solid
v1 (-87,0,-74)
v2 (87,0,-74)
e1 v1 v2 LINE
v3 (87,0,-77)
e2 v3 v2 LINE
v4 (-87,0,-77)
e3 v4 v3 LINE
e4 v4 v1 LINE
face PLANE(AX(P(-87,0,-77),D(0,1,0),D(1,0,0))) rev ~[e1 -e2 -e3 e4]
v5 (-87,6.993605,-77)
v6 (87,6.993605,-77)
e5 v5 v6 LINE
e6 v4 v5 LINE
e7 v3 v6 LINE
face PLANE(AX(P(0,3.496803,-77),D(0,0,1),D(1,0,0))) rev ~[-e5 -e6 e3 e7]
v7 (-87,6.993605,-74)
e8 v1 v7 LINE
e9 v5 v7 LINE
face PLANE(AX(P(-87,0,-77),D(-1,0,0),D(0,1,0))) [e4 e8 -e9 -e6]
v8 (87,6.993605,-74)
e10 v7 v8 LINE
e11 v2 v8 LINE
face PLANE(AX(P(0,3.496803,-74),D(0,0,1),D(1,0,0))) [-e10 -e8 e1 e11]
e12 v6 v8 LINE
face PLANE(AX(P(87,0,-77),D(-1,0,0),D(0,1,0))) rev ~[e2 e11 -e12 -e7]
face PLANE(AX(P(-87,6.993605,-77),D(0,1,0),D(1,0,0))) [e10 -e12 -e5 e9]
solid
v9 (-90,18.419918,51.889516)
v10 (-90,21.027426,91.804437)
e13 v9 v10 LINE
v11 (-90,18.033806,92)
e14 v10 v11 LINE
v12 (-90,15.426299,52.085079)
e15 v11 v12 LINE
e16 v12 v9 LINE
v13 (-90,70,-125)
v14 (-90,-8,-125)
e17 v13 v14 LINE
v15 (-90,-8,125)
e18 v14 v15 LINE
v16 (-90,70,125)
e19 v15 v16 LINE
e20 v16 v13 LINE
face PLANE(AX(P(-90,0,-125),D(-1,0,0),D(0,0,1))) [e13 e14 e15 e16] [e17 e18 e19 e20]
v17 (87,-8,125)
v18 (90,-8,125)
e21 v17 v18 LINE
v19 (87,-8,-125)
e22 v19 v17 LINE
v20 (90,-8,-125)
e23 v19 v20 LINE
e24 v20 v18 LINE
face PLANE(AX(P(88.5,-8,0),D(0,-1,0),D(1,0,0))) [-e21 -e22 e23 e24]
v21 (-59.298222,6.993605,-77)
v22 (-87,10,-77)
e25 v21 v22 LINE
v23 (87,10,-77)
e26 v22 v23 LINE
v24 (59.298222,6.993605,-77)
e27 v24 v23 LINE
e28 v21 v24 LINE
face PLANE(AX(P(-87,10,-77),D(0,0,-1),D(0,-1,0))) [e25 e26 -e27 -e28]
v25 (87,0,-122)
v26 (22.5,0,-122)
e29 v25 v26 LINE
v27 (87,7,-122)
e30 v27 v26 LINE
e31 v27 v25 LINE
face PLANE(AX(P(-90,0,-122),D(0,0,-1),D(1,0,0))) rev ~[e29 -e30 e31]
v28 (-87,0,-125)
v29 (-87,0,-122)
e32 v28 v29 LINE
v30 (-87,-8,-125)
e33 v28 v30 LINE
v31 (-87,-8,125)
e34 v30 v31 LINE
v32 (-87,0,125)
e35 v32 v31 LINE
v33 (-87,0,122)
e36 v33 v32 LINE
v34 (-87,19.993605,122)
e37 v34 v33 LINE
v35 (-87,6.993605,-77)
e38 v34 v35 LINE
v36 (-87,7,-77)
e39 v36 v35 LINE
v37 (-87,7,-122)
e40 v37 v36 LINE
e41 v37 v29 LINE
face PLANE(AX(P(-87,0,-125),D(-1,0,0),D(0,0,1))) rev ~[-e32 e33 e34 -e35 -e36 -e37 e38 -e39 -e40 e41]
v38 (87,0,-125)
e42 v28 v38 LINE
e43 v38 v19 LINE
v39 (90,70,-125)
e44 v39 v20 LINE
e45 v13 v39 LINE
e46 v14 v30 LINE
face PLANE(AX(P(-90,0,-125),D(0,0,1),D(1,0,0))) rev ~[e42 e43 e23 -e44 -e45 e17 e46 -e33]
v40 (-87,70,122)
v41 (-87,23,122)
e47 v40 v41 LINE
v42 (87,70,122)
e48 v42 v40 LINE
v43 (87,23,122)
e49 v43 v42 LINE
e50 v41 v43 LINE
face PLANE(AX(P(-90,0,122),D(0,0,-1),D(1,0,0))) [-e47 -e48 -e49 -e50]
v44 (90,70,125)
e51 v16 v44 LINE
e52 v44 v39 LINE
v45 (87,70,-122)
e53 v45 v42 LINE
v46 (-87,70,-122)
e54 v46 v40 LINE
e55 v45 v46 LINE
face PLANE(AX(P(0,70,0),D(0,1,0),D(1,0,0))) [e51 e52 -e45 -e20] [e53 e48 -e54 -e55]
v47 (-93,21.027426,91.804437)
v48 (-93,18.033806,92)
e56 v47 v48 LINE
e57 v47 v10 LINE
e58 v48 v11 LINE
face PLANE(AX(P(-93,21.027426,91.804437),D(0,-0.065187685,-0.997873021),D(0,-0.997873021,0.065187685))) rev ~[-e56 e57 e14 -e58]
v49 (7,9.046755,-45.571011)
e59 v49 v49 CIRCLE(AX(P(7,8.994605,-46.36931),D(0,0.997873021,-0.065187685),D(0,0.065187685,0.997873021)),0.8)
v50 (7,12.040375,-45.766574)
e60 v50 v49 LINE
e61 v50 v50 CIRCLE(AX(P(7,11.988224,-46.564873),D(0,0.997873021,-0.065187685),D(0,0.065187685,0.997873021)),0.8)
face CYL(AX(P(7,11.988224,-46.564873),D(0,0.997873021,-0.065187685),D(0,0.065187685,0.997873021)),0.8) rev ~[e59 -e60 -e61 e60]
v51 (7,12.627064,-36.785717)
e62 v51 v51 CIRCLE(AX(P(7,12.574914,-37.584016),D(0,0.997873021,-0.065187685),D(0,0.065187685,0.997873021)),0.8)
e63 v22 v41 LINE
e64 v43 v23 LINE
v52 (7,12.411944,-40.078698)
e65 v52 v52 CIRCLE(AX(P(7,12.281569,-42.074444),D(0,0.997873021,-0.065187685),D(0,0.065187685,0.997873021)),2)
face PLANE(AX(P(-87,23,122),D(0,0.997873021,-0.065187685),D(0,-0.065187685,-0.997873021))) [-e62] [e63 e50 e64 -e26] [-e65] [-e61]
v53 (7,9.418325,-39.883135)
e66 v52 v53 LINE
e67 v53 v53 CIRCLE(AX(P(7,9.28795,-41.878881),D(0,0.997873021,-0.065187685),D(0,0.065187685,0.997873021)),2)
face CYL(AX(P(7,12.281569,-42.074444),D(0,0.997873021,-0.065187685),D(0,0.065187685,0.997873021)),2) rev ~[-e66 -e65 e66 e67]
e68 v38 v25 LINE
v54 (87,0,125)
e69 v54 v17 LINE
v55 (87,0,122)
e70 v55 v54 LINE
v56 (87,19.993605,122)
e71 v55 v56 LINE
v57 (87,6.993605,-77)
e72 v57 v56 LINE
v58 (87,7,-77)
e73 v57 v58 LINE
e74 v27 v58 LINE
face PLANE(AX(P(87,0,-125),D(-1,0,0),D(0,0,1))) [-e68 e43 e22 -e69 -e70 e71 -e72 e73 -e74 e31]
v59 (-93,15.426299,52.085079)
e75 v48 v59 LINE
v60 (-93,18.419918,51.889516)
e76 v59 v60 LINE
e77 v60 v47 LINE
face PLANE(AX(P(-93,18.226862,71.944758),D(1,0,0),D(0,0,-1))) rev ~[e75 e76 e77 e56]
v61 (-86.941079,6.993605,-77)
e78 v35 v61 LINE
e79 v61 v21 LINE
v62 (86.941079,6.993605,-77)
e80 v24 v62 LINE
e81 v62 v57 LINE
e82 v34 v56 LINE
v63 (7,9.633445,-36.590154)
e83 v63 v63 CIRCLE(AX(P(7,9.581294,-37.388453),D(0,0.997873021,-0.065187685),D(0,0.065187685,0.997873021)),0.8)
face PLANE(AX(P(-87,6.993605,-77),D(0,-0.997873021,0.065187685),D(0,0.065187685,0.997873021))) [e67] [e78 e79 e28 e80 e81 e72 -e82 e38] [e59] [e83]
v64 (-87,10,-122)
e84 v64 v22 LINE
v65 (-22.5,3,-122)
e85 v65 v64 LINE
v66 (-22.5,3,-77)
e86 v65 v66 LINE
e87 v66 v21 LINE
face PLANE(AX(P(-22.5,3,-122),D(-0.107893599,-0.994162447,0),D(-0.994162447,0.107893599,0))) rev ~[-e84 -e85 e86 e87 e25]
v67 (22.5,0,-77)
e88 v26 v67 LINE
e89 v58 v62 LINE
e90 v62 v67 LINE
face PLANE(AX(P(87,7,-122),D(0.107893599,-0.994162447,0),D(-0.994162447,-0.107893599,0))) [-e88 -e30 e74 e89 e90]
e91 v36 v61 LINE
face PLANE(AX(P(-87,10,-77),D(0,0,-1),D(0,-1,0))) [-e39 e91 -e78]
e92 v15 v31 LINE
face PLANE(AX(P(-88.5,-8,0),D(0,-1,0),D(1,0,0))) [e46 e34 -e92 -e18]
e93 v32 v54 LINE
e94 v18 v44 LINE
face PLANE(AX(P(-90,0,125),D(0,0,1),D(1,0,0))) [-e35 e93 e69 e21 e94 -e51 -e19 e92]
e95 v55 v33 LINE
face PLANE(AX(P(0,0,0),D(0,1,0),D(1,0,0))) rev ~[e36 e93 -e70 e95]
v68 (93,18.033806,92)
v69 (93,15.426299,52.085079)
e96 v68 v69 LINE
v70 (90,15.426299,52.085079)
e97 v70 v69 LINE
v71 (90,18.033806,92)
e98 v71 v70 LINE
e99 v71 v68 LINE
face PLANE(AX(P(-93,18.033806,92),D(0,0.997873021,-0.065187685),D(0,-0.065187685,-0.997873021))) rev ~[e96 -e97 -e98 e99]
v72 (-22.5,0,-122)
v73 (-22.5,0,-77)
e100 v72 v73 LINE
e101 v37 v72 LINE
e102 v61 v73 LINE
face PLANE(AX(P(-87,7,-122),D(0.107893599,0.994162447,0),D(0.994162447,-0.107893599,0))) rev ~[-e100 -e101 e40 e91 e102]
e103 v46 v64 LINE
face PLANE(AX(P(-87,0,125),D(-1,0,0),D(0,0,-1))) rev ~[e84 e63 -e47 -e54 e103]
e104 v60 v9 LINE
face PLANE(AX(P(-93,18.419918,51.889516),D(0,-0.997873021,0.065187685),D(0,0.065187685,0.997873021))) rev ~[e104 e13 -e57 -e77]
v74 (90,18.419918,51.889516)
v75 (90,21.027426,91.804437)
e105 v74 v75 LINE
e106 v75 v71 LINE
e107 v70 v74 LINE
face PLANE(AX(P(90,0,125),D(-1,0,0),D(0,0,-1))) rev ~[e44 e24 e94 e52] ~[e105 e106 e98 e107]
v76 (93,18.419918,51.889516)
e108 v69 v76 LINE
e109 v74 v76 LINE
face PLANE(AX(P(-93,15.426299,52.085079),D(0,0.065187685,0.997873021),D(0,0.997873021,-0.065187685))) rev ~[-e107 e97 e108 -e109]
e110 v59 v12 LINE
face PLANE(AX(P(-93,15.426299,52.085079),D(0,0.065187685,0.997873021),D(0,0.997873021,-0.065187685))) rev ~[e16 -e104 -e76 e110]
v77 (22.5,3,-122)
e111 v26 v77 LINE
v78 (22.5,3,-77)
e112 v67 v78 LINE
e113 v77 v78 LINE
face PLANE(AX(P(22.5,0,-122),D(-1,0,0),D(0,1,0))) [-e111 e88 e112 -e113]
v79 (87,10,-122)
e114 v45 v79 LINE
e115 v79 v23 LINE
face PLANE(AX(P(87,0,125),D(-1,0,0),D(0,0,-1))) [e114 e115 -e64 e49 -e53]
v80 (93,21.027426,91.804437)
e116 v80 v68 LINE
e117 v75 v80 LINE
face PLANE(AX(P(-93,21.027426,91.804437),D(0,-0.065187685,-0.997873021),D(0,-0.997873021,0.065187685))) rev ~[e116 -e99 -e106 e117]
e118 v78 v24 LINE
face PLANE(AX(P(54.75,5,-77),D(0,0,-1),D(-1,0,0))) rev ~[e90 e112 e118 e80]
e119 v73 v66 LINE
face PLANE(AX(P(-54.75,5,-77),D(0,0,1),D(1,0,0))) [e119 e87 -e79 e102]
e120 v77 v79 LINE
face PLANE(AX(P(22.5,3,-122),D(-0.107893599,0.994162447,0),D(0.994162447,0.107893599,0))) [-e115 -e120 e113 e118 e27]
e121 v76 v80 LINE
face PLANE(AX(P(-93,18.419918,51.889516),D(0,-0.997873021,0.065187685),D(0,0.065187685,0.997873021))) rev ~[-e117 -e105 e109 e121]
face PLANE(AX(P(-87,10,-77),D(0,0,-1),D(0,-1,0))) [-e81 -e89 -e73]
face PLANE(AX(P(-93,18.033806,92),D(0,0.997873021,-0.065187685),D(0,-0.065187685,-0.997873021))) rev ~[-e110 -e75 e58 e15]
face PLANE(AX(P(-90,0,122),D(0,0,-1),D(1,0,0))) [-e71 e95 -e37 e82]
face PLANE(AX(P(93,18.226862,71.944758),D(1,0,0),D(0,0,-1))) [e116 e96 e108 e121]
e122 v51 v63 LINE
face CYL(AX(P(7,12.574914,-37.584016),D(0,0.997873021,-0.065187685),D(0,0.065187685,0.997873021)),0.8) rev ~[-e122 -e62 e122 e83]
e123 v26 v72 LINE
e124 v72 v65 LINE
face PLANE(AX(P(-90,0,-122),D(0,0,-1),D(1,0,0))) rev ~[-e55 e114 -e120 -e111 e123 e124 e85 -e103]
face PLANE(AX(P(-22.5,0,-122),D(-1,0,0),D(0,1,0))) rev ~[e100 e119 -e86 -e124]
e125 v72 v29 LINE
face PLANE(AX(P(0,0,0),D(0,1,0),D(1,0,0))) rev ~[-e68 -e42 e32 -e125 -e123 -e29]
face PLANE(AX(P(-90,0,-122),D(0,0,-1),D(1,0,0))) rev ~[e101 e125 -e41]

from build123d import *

# Parameters (mm, degrees)
SKETCH_1_W           = 180
SKETCH_1_H           = 250
EXTRUDE_1_DEPTH      = 70
SHELL_1_T            = -3
EXTRUDE_2_REACH      = 229.715
EXTRUDE_3_DEPTH      = 45
SKETCH_5_W           = 174
SKETCH_5_H           = 6.993605462
EXTRUDE_6_DEPTH      = 3
EXTRUDE_7_DEPTH      = 180
EXTRUDE_7_DEPTH_BACK = 6
SKETCH_12_W          = 3
SKETCH_12_H          = 250
EXTRUDE_8_DEPTH      = 8
SKETCH_13_R          = 2
SKETCH_13_R_2        = 0.8
CUT_EXTRUDE_1_DEPTH  = 3


with BuildPart() as part:
    # 草图1 → 凸台-拉伸1 (new body)
    with BuildSketch(Plane(origin=(0, 0, 0), x_dir=(1, 0, 0), z_dir=(0, 1, 0))):
        Rectangle(SKETCH_1_W, SKETCH_1_H)
    extrude(amount=EXTRUDE_1_DEPTH)

    # 抽壳1
    shell_1_openings = [part.faces().sort_by_distance(p)[0] for p in [
        (0, 70, 0),
        (0, 0, 0),
    ]]
    offset(amount=SHELL_1_T, openings=shell_1_openings, kind=Kind.INTERSECTION)

    # 草图3 → 凸台-拉伸2 (add, up to next)
    with BuildSketch(Plane(origin=(-87, 0, 0), x_dir=(0, 0, -1), z_dir=(1, 0, 0)), mode=Mode.PRIVATE) as extrude_2_sk1:
        Polygon((-122, 23), (77, 10), (77, 6.993605462), (-122, 19.993605462), align=None)
    extrude_2_tool1 = extrude(extrude_2_sk1.sketch, amount=EXTRUDE_2_REACH, mode=Mode.PRIVATE) - part.part
    add(extrude_2_tool1.solids().sort_by_distance((-87, 14.996803, 22.5))[0])

    # 草图4 → 凸台-拉伸3 (add)
    with BuildSketch(Plane.XY.offset(-122)):
        Polygon((-87, 10), (-87, 7), (-22.5, 0), (-22.5, 3), align=None)
        Polygon((22.5, 3), (87, 10), (87, 7), (22.5, 0), align=None)
    extrude(amount=EXTRUDE_3_DEPTH)

    # 草图6 → 凸台-拉伸7 (add, two sides: drawn at the far end of the back side and taken through both)
    with BuildSketch(Plane(origin=(-87, 0, 0), x_dir=(0, 0, -1), z_dir=(1, 0, 0)).offset(-EXTRUDE_7_DEPTH_BACK)):
        Polygon((-92, 18.033806467), (-52.085079166, 15.426299075), (-51.889516111, 18.419918138), (-91.804436946, 21.027425529), align=None)
    extrude(amount=EXTRUDE_7_DEPTH + EXTRUDE_7_DEPTH_BACK)

    # 草图12 → 凸台-拉伸8 (add)
    with BuildSketch(Plane.XZ):
        with Locations((-88.5, 0)):
            Rectangle(SKETCH_12_W, SKETCH_12_H)
        with Locations((88.5, 0)):
            Rectangle(SKETCH_12_W, SKETCH_12_H)
    extrude(amount=EXTRUDE_8_DEPTH)

    # 草图13 → 切除-拉伸1 (cut)
    with BuildSketch(Plane(origin=(0, 14.966281116, -0.977696756), x_dir=(1, 0, 0), z_dir=(0, 0.9978730208564016, -0.06518768477956395))):
        with Locations(Location((7, 41.184345758, 0), (0, 0, 270))):
            Circle(SKETCH_13_R)
        with Locations(Location((7, 45.684345758, 0), (0, 0, 270))):
            Circle(SKETCH_13_R_2)
        with Locations(Location((7, 36.684345758, 0), (0, 0, 270))):
            Circle(SKETCH_13_R_2)
    extrude(amount=-CUT_EXTRUDE_1_DEPTH, mode=Mode.SUBTRACT)


with BuildPart() as body_2:
    # 草图5 → 凸台-拉伸6 (new body)
    with BuildSketch(Plane.XY.offset(-77)):
        with Locations((0, 3.496802731)):
            Rectangle(SKETCH_5_W, SKETCH_5_H)
    extrude(amount=EXTRUDE_6_DEPTH)


solid = Compound([part.part, body_2.part])
